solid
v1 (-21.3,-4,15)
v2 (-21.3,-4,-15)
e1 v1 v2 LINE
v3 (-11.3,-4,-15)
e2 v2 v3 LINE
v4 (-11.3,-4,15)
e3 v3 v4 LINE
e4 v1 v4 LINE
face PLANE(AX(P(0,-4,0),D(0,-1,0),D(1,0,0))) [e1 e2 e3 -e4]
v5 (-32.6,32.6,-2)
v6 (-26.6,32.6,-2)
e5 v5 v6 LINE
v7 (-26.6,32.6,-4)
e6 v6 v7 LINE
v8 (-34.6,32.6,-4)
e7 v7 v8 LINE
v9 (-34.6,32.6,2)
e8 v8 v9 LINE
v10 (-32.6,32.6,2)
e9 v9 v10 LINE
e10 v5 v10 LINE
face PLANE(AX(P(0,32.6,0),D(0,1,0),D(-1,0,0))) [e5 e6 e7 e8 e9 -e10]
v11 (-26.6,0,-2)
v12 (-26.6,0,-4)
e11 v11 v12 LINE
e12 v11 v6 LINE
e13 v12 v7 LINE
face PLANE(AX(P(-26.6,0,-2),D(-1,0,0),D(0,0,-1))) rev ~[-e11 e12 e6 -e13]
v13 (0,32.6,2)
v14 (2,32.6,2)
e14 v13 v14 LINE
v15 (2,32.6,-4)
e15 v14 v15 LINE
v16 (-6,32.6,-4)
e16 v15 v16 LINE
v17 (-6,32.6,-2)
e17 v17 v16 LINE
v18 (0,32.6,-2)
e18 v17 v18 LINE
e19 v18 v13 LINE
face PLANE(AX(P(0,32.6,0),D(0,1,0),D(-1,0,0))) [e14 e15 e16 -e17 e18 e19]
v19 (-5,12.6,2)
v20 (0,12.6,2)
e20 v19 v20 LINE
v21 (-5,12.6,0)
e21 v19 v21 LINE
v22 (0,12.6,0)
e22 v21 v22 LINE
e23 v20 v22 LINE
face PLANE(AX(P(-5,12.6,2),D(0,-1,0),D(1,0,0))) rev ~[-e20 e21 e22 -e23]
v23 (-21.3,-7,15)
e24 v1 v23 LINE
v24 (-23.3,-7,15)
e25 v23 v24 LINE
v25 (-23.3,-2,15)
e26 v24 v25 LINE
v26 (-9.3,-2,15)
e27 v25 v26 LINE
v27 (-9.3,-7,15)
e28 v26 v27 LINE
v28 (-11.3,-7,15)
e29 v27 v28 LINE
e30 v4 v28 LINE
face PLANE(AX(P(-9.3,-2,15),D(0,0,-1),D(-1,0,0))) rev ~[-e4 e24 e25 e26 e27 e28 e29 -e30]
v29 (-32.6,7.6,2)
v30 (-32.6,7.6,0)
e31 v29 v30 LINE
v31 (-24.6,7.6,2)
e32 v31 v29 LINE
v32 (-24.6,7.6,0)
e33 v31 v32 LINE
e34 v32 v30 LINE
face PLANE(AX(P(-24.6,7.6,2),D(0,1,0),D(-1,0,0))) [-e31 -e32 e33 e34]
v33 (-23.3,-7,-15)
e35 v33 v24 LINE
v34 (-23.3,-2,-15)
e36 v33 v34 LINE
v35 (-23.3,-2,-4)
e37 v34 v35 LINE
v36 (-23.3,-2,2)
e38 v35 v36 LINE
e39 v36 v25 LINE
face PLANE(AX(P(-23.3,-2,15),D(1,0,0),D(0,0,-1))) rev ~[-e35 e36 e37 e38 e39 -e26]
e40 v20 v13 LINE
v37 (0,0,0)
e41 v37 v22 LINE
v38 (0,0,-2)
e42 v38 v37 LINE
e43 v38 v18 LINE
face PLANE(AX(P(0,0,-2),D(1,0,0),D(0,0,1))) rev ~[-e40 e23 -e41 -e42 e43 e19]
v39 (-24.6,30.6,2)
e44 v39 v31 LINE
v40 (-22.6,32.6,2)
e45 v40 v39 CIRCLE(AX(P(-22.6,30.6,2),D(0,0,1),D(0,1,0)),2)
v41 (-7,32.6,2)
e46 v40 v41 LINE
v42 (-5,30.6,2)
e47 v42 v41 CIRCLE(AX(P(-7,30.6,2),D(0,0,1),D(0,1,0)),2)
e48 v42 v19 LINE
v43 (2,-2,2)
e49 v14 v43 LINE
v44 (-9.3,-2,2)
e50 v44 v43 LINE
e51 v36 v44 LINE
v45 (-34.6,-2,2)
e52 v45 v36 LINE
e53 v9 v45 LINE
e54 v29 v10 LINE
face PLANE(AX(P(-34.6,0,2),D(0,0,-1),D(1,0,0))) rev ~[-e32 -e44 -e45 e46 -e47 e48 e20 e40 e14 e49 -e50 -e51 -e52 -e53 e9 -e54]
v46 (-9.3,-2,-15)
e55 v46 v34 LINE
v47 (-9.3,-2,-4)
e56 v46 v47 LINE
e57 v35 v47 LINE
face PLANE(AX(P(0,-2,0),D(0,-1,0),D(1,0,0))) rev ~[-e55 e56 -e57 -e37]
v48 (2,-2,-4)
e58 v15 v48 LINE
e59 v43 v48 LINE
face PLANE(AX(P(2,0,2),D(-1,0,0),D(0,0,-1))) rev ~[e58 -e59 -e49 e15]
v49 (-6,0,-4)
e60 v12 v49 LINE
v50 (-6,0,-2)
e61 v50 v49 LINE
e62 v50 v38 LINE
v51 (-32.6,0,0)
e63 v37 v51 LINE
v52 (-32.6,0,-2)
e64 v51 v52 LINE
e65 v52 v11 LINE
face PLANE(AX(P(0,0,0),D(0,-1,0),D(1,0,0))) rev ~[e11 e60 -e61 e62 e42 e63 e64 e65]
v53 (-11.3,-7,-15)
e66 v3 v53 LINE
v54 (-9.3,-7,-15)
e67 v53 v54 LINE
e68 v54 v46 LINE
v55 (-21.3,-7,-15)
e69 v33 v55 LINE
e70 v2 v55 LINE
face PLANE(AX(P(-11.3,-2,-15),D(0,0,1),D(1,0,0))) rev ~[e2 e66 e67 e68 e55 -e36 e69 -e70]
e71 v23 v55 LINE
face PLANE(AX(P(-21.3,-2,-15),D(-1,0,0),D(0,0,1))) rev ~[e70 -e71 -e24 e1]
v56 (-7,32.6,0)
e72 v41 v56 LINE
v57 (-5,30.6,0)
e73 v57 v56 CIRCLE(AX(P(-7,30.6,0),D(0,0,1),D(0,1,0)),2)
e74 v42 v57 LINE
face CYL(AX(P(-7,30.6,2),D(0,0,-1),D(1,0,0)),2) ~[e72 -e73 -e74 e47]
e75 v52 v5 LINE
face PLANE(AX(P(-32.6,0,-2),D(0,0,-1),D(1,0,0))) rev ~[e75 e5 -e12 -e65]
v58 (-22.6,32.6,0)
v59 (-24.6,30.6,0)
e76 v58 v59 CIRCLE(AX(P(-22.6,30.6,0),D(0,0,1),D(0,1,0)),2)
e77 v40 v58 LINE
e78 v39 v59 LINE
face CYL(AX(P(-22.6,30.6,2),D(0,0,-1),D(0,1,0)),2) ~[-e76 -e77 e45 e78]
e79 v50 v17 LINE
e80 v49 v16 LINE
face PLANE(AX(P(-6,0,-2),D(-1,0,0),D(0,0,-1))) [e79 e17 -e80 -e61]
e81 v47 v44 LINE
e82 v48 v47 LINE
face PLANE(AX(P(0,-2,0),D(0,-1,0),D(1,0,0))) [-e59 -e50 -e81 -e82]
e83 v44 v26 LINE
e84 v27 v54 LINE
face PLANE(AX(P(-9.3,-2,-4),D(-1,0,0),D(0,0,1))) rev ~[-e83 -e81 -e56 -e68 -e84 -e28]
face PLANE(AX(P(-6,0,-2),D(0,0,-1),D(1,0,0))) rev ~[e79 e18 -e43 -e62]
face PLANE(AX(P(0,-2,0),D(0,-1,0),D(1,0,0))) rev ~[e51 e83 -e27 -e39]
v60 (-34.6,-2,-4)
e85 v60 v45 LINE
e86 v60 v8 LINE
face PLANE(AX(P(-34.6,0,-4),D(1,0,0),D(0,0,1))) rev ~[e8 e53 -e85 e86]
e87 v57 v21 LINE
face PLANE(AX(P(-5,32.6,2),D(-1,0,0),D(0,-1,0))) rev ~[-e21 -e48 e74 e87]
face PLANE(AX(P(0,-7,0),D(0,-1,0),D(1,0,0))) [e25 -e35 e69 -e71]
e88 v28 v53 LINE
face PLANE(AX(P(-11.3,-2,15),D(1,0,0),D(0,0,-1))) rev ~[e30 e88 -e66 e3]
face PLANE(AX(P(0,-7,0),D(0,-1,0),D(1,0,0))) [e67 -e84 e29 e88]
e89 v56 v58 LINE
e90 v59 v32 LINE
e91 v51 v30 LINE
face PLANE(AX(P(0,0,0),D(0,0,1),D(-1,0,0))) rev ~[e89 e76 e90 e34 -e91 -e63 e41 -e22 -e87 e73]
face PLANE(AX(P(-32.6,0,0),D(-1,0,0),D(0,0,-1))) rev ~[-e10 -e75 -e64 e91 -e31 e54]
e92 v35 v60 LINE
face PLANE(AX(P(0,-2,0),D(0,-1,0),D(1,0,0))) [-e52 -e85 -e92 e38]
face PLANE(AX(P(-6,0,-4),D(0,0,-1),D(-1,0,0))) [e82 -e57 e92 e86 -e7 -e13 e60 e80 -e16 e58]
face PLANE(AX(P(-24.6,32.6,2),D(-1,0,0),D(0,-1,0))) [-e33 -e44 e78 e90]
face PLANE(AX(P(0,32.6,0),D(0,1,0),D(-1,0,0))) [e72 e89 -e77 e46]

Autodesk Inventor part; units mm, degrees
ref_plane "YZ Plane" through (0, 0, 0) normal (1, 0, 0) x (0, 1, 0)
ref_plane "XZ Plane" through (0, 0, 0) normal (0, 1, 0) x (-1, 0, 0)
ref_plane "XY Plane" through (0, 0, 0) normal (0, 0, 1) x (1, 0, 0)
sketch "스케치1" plane through (0, 0, 0) normal (0, 1, 0) x (-1, 0, 0)
  line L0 (0, 0) -> (32.6, 0)
  line L1 (32.6, 0) -> (32.6, -2)
  line L2 (0, -2) -> (0, 0)
  line L3 (34.6, -4) -> (34.6, 2)
  line L4 (34.6, 2) -> (-2, 2)
  line L5 (-2, 2) -> (-2, -4)
  line L6 (26.6, -2) -> (26.6, -4)
  line L7 (6, -2) -> (6, -4)
  line L8 (32.6, -2) -> (26.6, -2)
  line L9 (6, -2) -> (0, -2)
  line L10 (-2, -4) -> (6, -4)
  line L11 (26.6, -4) -> (34.6, -4)
  dimension "d0" = 32.6
  dimension "d1" = 2
  dimension "d3" = 6
  dimension "d4" = 6
extrude "돌출1" add sketch "스케치1" along normal blind 32.6
sketch "스케치2" plane through (0, 0, 0) normal (0, -1, 0) x (1, 0, 0)
  line L0 (0, -2) -> (0, 0) projected
  line L1 (-6, -2) -> (0, -2) projected
  line L2 (-6, -4) -> (-6, -2) projected
  line L3 (2, -4) -> (-6, -4) projected
  line L4 (2, 2) -> (2, -4) projected
  line L5 (-34.6, 2) -> (2, 2) projected
  line L6 (-34.6, -4) -> (-34.6, 2) projected
  line L7 (-26.6, -4) -> (-34.6, -4) projected
  line L8 (-26.6, -2) -> (-26.6, -4) projected
  line L9 (-32.6, -2) -> (-26.6, -2) projected
  line L10 (-32.6, 0) -> (-32.6, -2) projected
  line L11 (0, 0) -> (-32.6, 0) projected
  line L12 (-6, -4) -> (-6, -2) projected
  line L13 (-6, -4) -> (-26.6, -4)
extrude "돌출2" add sketch "스케치2" along normal blind 2
sketch "스케치3" plane through (-34.6, 32.6, 2) normal (0, 0, 1) x (1, 0, 0)
  line L0 (2, -32.6) -> (2, 0) projected
  line L1 (2, 0) -> (10, 0)
  line L2 (10, 0) -> (10, -25)
  line L3 (10, -25) -> (2, -25)
  line L4 (2, -25) -> (2, 0)
  line L5 (0, 0) -> (36.6, 0) projected
  point P0 (34.6, -32.6)
  point P1 (2, -25)
  dimension "d9" = 8
  dimension "d10" = 25
extrude "돌출3" cut sketch "스케치3" against normal blind 2
sketch "스케치4" plane through (0, -2, 0) normal (0, -1, 0) x (1, 0, 0)
  line L0 (-9.3, 15) -> (-23.3, 15)
  line L1 (-23.3, 15) -> (-23.3, -15)
  line L2 (-23.3, -15) -> (-9.3, -15)
  line L3 (-9.3, -15) -> (-9.3, 15)
  line L4 (-34.6, -4) -> (2, -4) projected
  line L5 (-9.3, 15) -> (-11.3, 15)
  line L6 (-11.3, 15) -> (-11.3, -15)
  line L7 (-11.3, -15) -> (-9.3, -15)
  line L8 (-9.3, -15) -> (-9.3, 15)
  line L9 (-23.3, -15) -> (-21.3, -15)
  line L10 (-21.3, -15) -> (-21.3, 15)
  line L11 (-21.3, 15) -> (-23.3, 15)
  line L12 (-23.3, 15) -> (-23.3, -15)
  line L13 (-21.3, 15) -> (-23.3, 15)
  line L14 (-23.3, 15) -> (-23.3, -15)
  line L15 (-23.3, -15) -> (-21.3, -15)
  line L16 (-21.3, -15) -> (-21.3, 15)
  point P0 (0, 0)
  point P1 (-16.3, -15)
  point P2 (-16.3, -4)
  point P3 (-9.3, 0)
  point P4 (-21.3, -4)
  point P5 (-23.3, -4)
  point P6 (-21.3, -4)
  dimension "d13" = 14
  dimension "d14" = 30
  dimension "d15" = 2
  dimension "d16" = 2
extrude "돌출4" add sketch "스케치4" along normal blind 2
extrude "돌출5" add sketch "스케치4" along normal blind 5 contours L3 L4 L6 L0 | L3 L2 L6 L4 | L10 L4 L1 L0
extrude "돌출6" add sketch "스케치4" along normal blind 5 contours L10 L2 L1 L4
sketch "스케치5" plane through (-34.6, 32.6, 2) normal (0, 0, 1) x (1, 0, 0)
  line L0 (28.6, 0) -> (34.6, 0) projected
  line L1 (34.6, 0) -> (29.6, 0)
  line L2 (29.6, 0) -> (29.6, -20)
  line L3 (29.6, -20) -> (34.6, -20)
  line L4 (34.6, -20) -> (34.6, 0)
  point P0 (34.6, -32.6)
  dimension "d23" = 5
  dimension "d24" = 20
extrude "돌출7" cut sketch "스케치5" against normal blind 2
fillet "모깎기1" radius 2 2 edges at (-5, 32.6, 1) (-24.6, 32.6, 1)
properties part number "end effector"
